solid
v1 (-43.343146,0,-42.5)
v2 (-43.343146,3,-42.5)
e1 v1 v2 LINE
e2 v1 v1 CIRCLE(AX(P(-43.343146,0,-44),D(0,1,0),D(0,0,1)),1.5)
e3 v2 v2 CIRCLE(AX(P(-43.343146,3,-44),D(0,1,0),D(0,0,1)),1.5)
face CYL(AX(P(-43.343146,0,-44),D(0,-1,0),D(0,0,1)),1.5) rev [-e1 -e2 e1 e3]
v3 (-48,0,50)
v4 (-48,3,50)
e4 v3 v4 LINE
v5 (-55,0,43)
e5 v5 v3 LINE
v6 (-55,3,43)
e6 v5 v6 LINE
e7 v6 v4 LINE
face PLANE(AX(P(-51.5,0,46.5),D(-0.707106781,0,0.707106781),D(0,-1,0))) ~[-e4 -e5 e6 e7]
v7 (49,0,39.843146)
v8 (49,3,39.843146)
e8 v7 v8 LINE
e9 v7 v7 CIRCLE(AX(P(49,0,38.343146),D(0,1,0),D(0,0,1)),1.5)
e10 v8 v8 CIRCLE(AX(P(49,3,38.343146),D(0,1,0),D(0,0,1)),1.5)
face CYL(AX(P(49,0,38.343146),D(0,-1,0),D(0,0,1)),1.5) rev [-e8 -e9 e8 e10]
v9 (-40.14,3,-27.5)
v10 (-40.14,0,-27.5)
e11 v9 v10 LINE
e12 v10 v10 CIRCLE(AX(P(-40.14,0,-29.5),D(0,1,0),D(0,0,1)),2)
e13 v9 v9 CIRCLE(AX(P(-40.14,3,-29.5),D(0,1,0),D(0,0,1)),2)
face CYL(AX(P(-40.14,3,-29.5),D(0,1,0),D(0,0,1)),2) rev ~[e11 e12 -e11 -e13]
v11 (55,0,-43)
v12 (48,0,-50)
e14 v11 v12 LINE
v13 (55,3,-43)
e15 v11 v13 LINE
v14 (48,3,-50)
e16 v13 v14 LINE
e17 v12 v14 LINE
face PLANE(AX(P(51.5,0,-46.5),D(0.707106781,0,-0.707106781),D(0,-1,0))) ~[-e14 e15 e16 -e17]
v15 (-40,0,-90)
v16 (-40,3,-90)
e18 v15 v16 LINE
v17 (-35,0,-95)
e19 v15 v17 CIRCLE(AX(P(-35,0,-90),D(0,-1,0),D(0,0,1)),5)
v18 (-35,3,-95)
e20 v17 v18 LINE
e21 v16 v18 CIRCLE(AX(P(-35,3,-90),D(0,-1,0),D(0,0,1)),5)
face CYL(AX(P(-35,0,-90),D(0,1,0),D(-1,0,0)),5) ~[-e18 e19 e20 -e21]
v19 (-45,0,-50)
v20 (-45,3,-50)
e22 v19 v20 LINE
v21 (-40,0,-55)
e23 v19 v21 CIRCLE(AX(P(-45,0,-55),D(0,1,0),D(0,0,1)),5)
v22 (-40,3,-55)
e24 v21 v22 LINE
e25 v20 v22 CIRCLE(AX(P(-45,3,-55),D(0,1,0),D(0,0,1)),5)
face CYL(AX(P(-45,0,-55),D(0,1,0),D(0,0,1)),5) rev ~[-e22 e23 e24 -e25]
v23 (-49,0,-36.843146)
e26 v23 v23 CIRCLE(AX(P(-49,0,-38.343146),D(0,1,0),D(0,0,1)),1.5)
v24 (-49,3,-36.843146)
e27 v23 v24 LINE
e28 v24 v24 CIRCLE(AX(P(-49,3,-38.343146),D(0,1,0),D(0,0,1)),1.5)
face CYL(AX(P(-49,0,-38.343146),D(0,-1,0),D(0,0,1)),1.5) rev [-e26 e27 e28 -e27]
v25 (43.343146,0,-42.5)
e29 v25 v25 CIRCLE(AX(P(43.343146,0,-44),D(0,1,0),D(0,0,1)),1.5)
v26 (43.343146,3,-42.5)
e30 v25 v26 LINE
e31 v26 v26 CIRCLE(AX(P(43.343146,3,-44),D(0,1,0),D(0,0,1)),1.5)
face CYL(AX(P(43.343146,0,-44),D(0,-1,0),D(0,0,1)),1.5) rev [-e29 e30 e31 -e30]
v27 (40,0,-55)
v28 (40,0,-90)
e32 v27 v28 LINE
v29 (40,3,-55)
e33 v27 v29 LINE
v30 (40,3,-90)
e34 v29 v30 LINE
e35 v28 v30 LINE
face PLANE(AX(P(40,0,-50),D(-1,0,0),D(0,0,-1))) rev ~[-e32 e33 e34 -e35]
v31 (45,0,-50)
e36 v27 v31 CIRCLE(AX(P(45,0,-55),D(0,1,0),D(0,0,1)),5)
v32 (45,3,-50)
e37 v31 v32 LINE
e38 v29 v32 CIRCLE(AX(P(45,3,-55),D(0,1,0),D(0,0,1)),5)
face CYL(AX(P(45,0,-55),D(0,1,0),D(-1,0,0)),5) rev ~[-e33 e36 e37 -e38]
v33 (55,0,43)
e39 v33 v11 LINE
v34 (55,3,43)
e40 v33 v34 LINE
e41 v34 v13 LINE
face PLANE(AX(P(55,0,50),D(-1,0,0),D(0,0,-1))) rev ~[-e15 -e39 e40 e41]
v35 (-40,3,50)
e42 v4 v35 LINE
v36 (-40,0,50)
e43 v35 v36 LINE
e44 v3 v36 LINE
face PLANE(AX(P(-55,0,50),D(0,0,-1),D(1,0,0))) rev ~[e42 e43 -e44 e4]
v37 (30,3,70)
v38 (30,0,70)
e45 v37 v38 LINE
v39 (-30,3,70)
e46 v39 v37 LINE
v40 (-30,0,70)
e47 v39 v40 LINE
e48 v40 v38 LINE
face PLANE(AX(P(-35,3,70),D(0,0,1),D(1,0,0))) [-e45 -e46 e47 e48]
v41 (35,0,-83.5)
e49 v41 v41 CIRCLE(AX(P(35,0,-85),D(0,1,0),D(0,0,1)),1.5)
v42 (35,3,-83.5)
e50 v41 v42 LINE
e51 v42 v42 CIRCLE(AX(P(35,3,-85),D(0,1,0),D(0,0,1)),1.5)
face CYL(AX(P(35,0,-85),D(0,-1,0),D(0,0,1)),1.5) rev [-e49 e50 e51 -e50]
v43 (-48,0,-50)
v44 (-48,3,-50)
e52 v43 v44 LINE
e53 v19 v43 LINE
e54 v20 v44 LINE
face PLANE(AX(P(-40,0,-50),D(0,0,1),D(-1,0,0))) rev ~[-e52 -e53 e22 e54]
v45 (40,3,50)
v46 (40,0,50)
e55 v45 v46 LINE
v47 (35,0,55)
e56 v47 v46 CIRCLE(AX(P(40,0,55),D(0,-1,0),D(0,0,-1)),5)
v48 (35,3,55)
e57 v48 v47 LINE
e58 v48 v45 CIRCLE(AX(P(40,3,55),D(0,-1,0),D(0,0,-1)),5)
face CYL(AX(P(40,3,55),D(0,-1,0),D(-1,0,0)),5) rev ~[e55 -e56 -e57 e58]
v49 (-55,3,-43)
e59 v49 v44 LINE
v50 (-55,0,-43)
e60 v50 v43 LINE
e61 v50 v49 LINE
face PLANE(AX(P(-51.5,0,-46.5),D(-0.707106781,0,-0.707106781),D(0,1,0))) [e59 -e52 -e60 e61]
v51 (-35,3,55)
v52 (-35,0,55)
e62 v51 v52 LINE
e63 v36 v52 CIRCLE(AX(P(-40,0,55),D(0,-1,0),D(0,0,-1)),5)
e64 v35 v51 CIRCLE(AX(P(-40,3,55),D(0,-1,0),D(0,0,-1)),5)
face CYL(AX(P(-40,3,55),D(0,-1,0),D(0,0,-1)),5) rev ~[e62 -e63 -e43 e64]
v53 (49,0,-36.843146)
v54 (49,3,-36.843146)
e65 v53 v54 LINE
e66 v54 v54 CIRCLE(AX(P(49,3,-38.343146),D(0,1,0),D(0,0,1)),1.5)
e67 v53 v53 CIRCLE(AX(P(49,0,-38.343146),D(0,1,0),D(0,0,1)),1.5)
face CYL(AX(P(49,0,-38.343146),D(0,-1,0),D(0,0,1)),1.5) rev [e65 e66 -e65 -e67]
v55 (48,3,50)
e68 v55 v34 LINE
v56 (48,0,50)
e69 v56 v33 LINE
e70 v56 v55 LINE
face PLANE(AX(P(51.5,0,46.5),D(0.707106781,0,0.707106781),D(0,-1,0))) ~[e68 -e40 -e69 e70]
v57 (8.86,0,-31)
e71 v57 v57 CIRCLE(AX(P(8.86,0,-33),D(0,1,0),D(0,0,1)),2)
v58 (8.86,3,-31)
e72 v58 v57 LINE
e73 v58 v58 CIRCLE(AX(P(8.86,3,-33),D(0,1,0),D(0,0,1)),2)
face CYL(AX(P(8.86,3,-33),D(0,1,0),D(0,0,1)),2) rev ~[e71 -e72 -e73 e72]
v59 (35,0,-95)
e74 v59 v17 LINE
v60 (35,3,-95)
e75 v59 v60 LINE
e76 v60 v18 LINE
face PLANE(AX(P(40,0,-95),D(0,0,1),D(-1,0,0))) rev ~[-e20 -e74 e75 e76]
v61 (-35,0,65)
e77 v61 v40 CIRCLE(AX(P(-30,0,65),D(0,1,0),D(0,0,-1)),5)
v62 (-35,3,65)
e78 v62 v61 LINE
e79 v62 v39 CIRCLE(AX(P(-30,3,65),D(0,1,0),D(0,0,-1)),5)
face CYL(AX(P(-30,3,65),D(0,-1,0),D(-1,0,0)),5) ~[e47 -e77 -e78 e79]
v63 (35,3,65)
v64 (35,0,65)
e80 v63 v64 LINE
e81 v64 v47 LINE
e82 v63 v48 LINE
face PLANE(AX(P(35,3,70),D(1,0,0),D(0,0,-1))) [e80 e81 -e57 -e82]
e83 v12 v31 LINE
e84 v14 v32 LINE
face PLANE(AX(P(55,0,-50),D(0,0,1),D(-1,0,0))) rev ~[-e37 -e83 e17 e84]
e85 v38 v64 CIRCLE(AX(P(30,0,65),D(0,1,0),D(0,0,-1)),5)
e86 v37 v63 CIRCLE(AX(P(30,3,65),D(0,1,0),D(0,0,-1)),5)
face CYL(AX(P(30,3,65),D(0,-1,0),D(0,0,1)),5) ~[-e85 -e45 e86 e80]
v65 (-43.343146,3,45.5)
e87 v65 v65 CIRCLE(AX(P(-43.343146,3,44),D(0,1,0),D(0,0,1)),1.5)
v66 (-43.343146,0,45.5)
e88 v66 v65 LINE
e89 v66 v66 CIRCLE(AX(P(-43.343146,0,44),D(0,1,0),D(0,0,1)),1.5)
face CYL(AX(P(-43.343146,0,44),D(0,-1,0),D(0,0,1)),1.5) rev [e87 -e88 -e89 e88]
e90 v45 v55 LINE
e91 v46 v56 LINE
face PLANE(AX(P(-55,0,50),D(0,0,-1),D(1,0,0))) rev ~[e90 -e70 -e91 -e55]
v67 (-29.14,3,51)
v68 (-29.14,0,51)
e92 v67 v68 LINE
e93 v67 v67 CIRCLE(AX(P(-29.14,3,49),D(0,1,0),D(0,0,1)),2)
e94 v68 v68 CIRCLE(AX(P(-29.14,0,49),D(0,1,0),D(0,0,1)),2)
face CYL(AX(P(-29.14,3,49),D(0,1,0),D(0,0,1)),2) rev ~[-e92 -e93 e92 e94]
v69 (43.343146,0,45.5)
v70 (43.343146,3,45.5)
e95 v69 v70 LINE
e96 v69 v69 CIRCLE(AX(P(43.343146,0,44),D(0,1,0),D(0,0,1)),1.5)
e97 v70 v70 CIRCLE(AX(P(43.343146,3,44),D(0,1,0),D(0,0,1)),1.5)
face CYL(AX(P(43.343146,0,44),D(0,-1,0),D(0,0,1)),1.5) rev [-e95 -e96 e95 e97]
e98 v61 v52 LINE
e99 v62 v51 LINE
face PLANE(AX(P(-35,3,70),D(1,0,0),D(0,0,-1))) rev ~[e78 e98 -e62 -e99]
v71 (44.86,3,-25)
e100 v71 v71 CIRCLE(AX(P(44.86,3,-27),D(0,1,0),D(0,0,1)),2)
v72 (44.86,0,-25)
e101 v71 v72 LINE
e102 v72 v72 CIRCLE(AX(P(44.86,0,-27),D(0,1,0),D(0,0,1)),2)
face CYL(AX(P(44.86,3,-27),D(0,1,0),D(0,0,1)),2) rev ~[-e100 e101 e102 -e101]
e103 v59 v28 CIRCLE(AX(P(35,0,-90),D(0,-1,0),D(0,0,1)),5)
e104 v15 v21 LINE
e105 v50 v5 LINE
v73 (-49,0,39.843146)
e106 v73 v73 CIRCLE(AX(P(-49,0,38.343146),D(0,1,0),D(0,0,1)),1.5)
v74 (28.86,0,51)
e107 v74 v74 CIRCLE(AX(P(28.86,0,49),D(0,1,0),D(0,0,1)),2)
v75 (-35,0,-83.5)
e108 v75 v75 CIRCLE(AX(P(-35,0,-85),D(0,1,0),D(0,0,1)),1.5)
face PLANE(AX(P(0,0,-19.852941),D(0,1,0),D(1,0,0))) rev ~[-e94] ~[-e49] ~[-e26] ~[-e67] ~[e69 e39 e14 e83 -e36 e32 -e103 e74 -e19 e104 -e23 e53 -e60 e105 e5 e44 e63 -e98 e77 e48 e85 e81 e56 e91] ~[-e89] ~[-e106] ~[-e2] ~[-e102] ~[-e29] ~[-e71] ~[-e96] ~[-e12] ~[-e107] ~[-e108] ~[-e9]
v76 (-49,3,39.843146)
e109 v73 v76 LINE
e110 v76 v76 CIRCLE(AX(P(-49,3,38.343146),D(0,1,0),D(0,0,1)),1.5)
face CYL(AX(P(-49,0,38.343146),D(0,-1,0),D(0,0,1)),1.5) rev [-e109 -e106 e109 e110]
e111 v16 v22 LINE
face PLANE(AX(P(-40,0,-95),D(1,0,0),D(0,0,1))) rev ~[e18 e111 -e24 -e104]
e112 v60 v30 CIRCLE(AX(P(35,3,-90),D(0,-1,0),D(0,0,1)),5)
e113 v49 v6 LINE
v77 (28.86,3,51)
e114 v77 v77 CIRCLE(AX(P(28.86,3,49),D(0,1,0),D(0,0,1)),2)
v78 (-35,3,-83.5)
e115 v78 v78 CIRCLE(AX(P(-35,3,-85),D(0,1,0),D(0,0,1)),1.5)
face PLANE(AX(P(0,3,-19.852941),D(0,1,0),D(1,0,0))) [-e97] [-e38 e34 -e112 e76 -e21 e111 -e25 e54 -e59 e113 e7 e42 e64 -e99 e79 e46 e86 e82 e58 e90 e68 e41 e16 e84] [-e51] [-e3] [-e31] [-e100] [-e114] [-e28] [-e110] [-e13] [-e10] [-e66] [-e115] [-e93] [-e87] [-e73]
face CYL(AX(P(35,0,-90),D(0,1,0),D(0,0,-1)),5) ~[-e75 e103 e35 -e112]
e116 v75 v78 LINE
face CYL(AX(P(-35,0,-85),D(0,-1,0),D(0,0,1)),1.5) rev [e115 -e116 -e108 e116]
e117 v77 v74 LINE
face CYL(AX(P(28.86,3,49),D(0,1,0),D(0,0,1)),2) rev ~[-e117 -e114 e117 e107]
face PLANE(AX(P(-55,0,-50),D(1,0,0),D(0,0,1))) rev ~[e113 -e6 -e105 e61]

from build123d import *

# Parameters (mm, degrees)
SKETCH_1_R          = 1.5
EXTRUDE_1_DEPTH     = 3
CHAMFER_1_SIZE      = 7
FILLET_1_R          = 5
SKETCH_2_W          = 70
SKETCH_2_H          = 20
EXTRUDE_2_DEPTH     = 3
SKETCH_3_R          = 2
CUT_EXTRUDE_1_DEPTH = 3
FILLET_2_R          = 5


with BuildPart() as part:
    # 草图1 → 凸台-拉伸1 (new body)
    with BuildSketch(Plane(origin=(0, 0, 0), x_dir=(1, 0, 0), z_dir=(0, 1, 0))):
        Polygon((-55, 50), (-55, -50), (55, -50), (55, 50), (40, 50), (40, 95), (-40, 95), (-40, 50), align=None)
        with Locations(Location((-43.343145751, -44, 0), (0, 0, 270))):
            Circle(SKETCH_1_R, mode=Mode.SUBTRACT)
        with Locations(Location((-49, -38.343145751, 0), (0, 0, 270))):
            Circle(SKETCH_1_R, mode=Mode.SUBTRACT)
        with Locations(Location((43.343145751, -44, 0), (0, 0, 270))):
            Circle(SKETCH_1_R, mode=Mode.SUBTRACT)
        with Locations(Location((49, -38.343145751, 0), (0, 0, 270))):
            Circle(SKETCH_1_R, mode=Mode.SUBTRACT)
        with Locations(Location((-49, 38.343145751, 0), (0, 0, 270))):
            Circle(SKETCH_1_R, mode=Mode.SUBTRACT)
        with Locations(Location((-43.343145751, 44, 0), (0, 0, 270))):
            Circle(SKETCH_1_R, mode=Mode.SUBTRACT)
        with Locations(Location((49, 38.343145751, 0), (0, 0, 270))):
            Circle(SKETCH_1_R, mode=Mode.SUBTRACT)
        with Locations(Location((43.343145751, 44, 0), (0, 0, 270))):
            Circle(SKETCH_1_R, mode=Mode.SUBTRACT)
        with Locations(Location((35, 85, 0), (0, 0, 270))):
            Circle(SKETCH_1_R, mode=Mode.SUBTRACT)
        with Locations(Location((-35, 85, 0), (0, 0, 270))):
            Circle(SKETCH_1_R, mode=Mode.SUBTRACT)
    extrude(amount=EXTRUDE_1_DEPTH)

    # 倒角1
    chamfer_1_edges = [part.edges().sort_by_distance(p)[0] for p in [
        (-55, 1.5, 50),
        (-55, 1.5, -50),
        (55, 1.5, -50),
        (55, 1.5, 50),
    ]]
    chamfer(chamfer_1_edges, length=CHAMFER_1_SIZE)

    # 圆角1
    fillet_1_edges = [part.edges().sort_by_distance(p)[0] for p in [
        (-40, 1.5, -50),
        (-40, 1.5, -95),
        (40, 1.5, -95),
        (40, 1.5, -50),
    ]]
    fillet(fillet_1_edges, radius=FILLET_1_R)

    # 草图2 → 凸台-拉伸2 (add)
    with BuildSketch(Plane(origin=(0, 3, 0), x_dir=(1, 0, 0), z_dir=(0, 1, 0))):
        with Locations((0, -60)):
            Rectangle(SKETCH_2_W, SKETCH_2_H)
    extrude(amount=-EXTRUDE_2_DEPTH)

    # 草图3 → 切除-拉伸1 (cut)
    with BuildSketch(Plane(origin=(0, 3, 0), x_dir=(1, 0, 0), z_dir=(0, 1, 0))):
        with Locations(Location((-40.14, 29.5, 0), (0, 0, 270))):
            Circle(SKETCH_3_R)
        with Locations(Location((44.86, 27, 0), (0, 0, 270))):
            Circle(SKETCH_3_R)
        with Locations(Location((-29.14, -49, 0), (0, 0, 270))):
            Circle(SKETCH_3_R)
        with Locations(Location((28.86, -49, 0), (0, 0, 270))):
            Circle(SKETCH_3_R)
        with Locations(Location((8.86, 33, 0), (0, 0, 270))):
            Circle(SKETCH_3_R)
    extrude(amount=-CUT_EXTRUDE_1_DEPTH, mode=Mode.SUBTRACT)

    # 圆角2
    fillet_2_edges = [part.edges().sort_by_distance(p)[0] for p in [
        (-35, 1.5, 70),
        (-35, 1.5, 50),
        (35, 1.5, 50),
        (35, 1.5, 70),
    ]]
    fillet(fillet_2_edges, radius=FILLET_2_R)


solid = part.part
